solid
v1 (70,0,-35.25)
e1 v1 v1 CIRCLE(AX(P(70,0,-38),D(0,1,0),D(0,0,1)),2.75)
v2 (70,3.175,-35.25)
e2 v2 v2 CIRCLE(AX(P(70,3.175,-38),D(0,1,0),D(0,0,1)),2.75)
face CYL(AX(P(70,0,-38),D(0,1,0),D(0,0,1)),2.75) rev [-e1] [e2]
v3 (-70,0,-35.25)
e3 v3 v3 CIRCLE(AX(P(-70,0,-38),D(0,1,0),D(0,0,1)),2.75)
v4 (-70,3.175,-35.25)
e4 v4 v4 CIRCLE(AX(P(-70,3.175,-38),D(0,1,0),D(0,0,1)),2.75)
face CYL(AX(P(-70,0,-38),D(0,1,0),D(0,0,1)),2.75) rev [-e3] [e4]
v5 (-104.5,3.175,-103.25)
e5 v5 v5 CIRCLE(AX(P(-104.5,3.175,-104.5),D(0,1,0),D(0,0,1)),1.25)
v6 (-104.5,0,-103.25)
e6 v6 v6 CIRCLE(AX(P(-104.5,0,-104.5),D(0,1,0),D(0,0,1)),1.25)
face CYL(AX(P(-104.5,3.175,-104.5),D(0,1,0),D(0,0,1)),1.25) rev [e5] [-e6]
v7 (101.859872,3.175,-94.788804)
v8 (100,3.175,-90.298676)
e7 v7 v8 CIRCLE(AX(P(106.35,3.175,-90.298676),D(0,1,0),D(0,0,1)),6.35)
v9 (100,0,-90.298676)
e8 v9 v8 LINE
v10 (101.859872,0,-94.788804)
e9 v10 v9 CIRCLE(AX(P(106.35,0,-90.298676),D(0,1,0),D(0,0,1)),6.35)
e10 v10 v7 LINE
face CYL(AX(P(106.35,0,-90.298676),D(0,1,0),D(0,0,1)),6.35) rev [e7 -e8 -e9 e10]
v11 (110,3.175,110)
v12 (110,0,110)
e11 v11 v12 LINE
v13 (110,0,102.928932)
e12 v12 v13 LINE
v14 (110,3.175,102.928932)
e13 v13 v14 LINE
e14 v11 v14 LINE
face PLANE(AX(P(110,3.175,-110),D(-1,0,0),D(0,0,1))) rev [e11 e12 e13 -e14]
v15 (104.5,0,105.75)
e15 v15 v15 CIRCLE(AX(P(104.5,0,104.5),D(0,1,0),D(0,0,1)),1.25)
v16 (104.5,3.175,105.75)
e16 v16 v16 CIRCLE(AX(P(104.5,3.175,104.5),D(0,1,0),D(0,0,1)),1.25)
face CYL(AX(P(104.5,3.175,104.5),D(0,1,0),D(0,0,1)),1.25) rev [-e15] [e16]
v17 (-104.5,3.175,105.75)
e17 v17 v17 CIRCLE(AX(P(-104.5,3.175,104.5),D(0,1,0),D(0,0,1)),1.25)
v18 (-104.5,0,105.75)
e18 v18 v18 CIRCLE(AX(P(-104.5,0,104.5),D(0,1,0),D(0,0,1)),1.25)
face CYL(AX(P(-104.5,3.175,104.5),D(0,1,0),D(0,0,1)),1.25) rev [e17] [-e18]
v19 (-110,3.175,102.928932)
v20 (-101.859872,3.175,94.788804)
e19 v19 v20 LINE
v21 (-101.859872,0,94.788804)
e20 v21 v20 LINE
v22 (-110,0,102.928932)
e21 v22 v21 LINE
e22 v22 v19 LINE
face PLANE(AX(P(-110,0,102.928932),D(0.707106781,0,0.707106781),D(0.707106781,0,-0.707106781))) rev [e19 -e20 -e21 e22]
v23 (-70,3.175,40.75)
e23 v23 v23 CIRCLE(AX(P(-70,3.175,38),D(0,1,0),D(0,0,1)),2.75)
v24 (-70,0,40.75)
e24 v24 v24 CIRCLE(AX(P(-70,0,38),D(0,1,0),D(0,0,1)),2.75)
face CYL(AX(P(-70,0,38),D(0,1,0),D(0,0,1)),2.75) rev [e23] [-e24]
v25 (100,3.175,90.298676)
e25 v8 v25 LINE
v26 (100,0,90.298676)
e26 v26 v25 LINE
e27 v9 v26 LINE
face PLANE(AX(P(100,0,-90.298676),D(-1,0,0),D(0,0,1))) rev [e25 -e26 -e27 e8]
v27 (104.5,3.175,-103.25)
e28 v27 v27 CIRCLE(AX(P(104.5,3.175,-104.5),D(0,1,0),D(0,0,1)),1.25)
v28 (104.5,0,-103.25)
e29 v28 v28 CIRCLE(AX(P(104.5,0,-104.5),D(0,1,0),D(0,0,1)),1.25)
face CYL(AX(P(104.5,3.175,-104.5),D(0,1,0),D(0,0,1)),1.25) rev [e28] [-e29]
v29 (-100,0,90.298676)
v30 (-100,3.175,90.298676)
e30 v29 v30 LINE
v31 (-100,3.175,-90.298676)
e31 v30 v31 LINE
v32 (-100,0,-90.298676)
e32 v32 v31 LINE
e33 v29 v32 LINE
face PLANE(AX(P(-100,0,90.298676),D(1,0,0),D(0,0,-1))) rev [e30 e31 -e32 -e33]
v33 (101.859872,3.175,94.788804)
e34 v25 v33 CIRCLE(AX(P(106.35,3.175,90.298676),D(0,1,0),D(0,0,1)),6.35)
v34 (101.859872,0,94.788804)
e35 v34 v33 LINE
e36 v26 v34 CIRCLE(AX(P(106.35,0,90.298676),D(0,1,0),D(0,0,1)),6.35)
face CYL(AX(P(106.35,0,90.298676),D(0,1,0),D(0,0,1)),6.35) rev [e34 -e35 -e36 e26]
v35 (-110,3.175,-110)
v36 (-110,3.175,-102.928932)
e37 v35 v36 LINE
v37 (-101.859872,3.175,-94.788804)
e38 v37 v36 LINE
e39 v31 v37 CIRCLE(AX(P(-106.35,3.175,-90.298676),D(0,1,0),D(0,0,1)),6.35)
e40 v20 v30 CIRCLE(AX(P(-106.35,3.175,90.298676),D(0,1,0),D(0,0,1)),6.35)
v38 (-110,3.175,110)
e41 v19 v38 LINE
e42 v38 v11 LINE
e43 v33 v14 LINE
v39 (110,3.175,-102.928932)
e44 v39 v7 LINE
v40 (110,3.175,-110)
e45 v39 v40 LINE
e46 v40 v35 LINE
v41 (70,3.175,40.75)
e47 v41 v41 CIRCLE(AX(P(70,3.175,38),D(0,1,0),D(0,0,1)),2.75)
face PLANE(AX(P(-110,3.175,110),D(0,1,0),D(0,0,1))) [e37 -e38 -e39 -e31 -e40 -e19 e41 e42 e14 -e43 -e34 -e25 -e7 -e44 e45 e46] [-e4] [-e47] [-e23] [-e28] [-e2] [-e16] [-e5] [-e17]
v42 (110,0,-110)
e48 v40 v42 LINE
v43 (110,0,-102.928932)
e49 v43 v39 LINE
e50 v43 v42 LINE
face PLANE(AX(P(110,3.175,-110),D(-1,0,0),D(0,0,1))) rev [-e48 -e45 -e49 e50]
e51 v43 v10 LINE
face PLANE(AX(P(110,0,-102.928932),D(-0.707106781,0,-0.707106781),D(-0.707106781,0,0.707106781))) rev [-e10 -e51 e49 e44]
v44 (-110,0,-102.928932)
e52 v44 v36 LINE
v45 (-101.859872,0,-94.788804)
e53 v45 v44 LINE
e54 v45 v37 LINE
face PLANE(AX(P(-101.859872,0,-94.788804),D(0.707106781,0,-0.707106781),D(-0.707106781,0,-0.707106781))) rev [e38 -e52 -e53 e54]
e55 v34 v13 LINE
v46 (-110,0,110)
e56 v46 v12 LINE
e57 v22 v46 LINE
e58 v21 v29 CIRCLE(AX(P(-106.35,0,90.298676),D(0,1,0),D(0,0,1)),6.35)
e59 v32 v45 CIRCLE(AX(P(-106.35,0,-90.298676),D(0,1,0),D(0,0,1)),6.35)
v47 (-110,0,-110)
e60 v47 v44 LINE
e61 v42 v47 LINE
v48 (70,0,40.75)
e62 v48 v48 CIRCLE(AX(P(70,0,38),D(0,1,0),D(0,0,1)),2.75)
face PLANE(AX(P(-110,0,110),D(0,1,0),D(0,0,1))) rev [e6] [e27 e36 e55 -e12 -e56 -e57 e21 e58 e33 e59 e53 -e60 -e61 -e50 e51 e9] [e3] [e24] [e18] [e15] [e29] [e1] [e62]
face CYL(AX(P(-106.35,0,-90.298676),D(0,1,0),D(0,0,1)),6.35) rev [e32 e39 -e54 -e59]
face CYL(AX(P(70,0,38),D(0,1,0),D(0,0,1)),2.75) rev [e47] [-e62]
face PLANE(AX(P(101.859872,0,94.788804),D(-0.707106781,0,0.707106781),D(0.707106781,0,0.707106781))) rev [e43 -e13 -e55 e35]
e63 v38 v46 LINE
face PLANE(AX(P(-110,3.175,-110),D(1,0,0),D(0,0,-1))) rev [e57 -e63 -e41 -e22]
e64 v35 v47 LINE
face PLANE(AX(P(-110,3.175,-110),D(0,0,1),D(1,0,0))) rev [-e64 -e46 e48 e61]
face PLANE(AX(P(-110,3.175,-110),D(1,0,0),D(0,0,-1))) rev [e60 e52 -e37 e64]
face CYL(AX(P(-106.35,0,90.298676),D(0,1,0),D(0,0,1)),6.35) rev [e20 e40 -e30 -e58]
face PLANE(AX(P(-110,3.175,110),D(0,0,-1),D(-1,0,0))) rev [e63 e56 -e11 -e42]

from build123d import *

# Parameters (mm, degrees)
SKETCH1_W             = 220
SKETCH1_H             = 220
BOSS_EXTRUDE1_DEPTH   = 3.175
M3X0_5_TAPPED_HOLE1_D = 2.5
SKETCH4_R             = 2.75
CUT_EXTRUDE1_DEPTH    = 4.175
CUT_EXTRUDE2_DEPTH    = 4.175


with BuildPart() as part:
    # Sketch1 → Boss-Extrude1 (new body)
    with BuildSketch(Plane(origin=(0, 0, 0), x_dir=(1, 0, 0), z_dir=(0, 1, 0))):
        Rectangle(SKETCH1_W, SKETCH1_H)
    extrude(amount=BOSS_EXTRUDE1_DEPTH)

    # M3x0.5 Tapped Hole1 (through all)
    with Locations(Plane(origin=(0, 3.175, 0), x_dir=(-1, 0, 0), z_dir=(0, 1, 0))):
        with Locations((104.5, -104.5), (-104.5, -104.5), (-104.5, 104.5), (104.5, 104.5)):
            Hole(M3X0_5_TAPPED_HOLE1_D / 2)

    # Sketch4 → Cut-Extrude1 (cut, through all)
    with BuildSketch(Plane(origin=(0, 3.175, 0), x_dir=(1, 0, 0), z_dir=(0, 1, 0))):
        with Locations(Location((-70, 38, 0), (0, 0, 270))):  # turned: the seam where the file's is
            Circle(SKETCH4_R)
        with Locations(Location((-70, -38, 0), (0, 0, 270))):  # turned: the seam where the file's is
            Circle(SKETCH4_R)
        with Locations(Location((70, -38, 0), (0, 0, 270))):  # turned: the seam where the file's is
            Circle(SKETCH4_R)
        with Locations(Location((70, 38, 0), (0, 0, 270))):  # turned: the seam where the file's is
            Circle(SKETCH4_R)
    extrude(amount=-CUT_EXTRUDE1_DEPTH, mode=Mode.SUBTRACT)

    # Sketch5 → Cut-Extrude2 (cut, through all)
    with BuildSketch(Plane(origin=(0, 3.175, 0), x_dir=(1, 0, 0), z_dir=(0, 1, 0))):
        with BuildLine():
            Line((-110, 102.928932188), (-110, -102.928932188))
            Line((-110, -102.928932188), (-101.859871939, -94.788804128))
            ThreePointArc((-101.859871939, -94.788804128), (-100.483364969, -92.728715863), (-100, -90.298676067))
            Line((-100, -90.298676067), (-100, 90.298676067))
            ThreePointArc((-100, 90.298676067), (-100.483364969, 92.728715863), (-101.859871939, 94.788804128))
            Line((-101.859871939, 94.788804128), (-110, 102.928932188))
        make_face()
        with BuildLine():
            Line((110, 102.928932188), (101.859871939, 94.788804128))
            ThreePointArc((101.859871939, 94.788804128), (100.483364969, 92.728715863), (100, 90.298676067))
            Line((100, 90.298676067), (100, -90.298676067))
            ThreePointArc((100, -90.298676067), (100.483364969, -92.728715863), (101.859871939, -94.788804128))
            Line((101.859871939, -94.788804128), (110, -102.928932188))
            Line((110, -102.928932188), (110, 102.928932188))
        make_face()
    extrude(amount=-CUT_EXTRUDE2_DEPTH, mode=Mode.SUBTRACT)


solid = part.part
